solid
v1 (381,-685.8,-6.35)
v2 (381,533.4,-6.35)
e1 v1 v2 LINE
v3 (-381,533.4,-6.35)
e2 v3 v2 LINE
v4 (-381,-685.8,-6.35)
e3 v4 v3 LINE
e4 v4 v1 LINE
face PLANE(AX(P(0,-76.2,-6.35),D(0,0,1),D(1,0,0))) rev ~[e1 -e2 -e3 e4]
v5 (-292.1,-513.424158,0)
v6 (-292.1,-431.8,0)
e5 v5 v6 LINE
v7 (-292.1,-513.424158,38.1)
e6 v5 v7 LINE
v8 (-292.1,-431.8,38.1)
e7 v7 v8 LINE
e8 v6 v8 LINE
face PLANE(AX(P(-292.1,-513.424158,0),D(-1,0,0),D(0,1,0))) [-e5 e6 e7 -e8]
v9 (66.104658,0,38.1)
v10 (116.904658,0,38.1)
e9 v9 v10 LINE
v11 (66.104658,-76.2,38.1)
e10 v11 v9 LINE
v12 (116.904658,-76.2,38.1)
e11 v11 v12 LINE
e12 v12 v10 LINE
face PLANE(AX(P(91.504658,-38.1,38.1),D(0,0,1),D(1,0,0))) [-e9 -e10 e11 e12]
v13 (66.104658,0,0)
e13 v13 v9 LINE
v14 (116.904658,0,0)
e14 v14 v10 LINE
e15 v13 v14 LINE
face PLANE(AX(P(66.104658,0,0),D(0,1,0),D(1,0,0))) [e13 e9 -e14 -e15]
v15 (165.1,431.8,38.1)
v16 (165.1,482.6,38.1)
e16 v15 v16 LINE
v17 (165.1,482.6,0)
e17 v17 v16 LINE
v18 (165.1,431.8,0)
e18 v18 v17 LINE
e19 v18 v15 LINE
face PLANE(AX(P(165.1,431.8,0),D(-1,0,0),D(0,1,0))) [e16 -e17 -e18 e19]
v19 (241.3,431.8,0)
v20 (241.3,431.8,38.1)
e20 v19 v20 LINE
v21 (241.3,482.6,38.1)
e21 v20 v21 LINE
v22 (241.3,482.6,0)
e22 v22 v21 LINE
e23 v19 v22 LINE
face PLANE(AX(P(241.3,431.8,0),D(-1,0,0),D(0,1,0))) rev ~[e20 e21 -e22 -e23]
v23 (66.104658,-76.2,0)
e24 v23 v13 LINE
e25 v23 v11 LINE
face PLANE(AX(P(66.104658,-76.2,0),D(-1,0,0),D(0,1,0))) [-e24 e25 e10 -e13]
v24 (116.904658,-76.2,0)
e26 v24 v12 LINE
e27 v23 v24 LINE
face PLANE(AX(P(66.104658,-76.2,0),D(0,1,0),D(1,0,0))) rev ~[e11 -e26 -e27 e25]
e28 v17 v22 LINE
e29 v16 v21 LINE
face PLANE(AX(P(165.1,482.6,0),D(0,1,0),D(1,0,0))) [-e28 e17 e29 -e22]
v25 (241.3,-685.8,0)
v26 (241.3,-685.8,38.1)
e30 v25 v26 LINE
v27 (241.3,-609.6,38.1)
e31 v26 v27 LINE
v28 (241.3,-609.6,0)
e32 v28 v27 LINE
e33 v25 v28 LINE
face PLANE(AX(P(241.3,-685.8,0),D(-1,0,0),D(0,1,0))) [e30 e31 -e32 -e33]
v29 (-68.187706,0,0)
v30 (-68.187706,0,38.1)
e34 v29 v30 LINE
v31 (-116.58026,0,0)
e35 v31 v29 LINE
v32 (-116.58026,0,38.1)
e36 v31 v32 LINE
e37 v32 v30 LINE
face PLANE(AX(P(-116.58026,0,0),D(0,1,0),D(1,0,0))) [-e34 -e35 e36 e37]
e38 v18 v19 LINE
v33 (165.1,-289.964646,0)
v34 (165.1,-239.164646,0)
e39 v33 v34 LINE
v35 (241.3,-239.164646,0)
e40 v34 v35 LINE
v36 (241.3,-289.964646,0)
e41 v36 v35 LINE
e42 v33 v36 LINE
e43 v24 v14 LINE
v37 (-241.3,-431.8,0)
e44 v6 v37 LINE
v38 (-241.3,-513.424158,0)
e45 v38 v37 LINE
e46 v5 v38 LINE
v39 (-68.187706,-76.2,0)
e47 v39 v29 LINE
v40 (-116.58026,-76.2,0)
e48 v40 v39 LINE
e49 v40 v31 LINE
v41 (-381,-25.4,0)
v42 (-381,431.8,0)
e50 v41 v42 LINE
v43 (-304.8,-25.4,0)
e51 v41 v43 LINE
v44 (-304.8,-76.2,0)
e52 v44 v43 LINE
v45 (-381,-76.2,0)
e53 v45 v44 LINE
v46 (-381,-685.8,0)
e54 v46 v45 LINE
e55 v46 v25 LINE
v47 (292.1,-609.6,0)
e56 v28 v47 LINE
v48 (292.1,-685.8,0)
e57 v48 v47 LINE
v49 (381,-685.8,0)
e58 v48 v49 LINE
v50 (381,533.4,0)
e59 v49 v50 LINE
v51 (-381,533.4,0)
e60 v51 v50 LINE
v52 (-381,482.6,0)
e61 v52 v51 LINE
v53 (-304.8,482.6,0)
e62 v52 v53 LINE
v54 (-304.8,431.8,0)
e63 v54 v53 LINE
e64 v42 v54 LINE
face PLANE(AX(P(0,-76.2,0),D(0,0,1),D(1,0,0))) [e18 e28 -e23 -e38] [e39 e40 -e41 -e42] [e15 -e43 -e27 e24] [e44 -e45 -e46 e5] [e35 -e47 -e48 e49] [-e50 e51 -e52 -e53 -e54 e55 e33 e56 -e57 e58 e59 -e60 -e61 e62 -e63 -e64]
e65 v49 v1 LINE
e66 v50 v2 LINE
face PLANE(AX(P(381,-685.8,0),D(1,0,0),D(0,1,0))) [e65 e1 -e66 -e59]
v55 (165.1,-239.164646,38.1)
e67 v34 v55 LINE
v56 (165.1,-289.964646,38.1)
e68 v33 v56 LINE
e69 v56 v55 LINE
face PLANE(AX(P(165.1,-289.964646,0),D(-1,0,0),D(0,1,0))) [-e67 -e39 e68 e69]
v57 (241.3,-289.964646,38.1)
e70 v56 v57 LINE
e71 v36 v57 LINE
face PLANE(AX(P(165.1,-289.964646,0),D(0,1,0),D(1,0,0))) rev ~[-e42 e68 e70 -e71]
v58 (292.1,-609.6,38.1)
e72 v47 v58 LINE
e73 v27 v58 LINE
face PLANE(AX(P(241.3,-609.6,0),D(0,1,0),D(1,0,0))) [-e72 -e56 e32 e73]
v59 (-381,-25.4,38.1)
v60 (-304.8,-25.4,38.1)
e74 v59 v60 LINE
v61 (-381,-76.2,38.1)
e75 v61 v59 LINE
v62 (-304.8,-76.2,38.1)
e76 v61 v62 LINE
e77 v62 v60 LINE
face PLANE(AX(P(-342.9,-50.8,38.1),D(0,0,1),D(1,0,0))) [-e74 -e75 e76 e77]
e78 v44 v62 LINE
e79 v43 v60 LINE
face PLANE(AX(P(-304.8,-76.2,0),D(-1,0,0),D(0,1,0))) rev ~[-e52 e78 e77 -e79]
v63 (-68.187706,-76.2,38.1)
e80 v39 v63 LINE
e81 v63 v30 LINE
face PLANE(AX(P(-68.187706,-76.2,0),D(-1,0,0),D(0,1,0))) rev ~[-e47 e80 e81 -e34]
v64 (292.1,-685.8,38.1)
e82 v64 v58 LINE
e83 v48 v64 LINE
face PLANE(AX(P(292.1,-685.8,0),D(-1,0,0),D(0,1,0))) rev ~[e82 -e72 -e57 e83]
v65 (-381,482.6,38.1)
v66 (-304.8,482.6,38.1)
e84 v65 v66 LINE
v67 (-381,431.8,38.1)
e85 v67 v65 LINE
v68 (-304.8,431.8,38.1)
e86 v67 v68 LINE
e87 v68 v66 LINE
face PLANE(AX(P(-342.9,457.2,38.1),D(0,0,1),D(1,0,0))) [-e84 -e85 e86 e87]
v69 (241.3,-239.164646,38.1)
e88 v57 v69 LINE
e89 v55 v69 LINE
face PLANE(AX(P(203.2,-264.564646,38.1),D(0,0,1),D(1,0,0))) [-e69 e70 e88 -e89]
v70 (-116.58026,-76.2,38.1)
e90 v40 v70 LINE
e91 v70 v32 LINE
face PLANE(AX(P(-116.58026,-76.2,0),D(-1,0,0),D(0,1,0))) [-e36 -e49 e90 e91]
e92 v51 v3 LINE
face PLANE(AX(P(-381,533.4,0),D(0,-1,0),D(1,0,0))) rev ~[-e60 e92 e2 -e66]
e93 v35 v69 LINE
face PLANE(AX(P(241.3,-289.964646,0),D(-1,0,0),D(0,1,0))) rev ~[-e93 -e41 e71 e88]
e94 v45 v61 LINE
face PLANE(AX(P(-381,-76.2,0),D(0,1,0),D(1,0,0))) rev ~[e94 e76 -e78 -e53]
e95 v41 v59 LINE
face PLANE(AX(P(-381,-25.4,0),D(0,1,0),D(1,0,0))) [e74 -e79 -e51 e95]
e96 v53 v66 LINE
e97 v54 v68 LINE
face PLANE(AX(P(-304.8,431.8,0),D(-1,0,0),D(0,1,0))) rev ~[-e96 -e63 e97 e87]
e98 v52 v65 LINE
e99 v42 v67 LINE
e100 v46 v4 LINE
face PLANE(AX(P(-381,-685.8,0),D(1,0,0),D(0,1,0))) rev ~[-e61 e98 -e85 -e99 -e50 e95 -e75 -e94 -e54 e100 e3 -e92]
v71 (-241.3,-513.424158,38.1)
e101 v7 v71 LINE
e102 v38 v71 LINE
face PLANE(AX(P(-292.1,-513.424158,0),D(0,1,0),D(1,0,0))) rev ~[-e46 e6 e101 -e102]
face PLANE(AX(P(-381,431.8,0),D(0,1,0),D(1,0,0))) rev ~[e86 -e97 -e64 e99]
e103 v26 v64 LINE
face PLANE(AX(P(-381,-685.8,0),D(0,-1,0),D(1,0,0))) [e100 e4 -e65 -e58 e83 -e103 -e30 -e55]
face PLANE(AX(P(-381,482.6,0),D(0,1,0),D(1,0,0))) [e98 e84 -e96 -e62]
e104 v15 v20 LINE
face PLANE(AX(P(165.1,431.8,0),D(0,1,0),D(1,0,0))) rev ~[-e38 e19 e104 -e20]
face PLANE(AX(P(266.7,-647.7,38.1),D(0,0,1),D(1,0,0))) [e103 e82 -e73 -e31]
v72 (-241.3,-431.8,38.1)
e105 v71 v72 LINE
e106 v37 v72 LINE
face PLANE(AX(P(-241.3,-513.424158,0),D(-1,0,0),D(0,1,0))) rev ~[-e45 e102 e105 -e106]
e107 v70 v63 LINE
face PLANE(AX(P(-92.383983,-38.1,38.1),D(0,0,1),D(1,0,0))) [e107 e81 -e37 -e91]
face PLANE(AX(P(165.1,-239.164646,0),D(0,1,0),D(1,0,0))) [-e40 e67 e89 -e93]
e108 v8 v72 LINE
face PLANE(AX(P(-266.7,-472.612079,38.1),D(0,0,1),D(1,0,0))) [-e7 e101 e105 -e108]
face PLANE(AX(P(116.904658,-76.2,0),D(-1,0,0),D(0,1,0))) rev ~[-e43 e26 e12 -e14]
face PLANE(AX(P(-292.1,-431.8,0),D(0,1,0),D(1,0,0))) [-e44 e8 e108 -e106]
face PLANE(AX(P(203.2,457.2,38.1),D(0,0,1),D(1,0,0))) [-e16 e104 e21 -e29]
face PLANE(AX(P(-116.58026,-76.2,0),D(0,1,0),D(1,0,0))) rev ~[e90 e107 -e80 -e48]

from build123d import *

# Parameters (mm, degrees)
F0_W     = 762
F0_H     = 1219.2
F1_DEPTH = 6.35
F2_W     = 76.2
F2_H     = 50.8
F2_W_2   = 50.8
F2_H_2   = 76.2
F2_H_3   = 81.624158
F2_W_3   = 48.392554
F3_DEPTH = 38.1


with BuildPart() as f1:
    # F0 (on Top) → F1 (new body)
    with BuildSketch(Plane.XY):
        with Locations((0, -76.2)):
            Rectangle(F0_W, F0_H)
    extrude(amount=-F1_DEPTH)

    # F2 (on face) → F3 (join)
    with BuildSketch(Plane.XY):
        with Locations((-342.9, 457.2)):
            Rectangle(F2_W, F2_H)
        with Locations((203.2, 457.2)):
            Rectangle(F2_W, F2_H)
        with Locations((203.2, -264.564646)):
            Rectangle(F2_W, F2_H)
        with Locations((91.504658, -38.1)):
            Rectangle(F2_W_2, F2_H_2)
        with Locations((-266.7, -472.612079)):
            Rectangle(F2_W_2, F2_H_3)
        with Locations((266.7, -647.7)):
            Rectangle(F2_W_2, F2_H_2)
        with Locations((-342.9, -50.8)):
            Rectangle(F2_W, F2_H)
        with Locations((-92.383983, -38.1)):
            Rectangle(F2_W_3, F2_H_2)
    extrude(amount=F3_DEPTH)


solid = f1.part
